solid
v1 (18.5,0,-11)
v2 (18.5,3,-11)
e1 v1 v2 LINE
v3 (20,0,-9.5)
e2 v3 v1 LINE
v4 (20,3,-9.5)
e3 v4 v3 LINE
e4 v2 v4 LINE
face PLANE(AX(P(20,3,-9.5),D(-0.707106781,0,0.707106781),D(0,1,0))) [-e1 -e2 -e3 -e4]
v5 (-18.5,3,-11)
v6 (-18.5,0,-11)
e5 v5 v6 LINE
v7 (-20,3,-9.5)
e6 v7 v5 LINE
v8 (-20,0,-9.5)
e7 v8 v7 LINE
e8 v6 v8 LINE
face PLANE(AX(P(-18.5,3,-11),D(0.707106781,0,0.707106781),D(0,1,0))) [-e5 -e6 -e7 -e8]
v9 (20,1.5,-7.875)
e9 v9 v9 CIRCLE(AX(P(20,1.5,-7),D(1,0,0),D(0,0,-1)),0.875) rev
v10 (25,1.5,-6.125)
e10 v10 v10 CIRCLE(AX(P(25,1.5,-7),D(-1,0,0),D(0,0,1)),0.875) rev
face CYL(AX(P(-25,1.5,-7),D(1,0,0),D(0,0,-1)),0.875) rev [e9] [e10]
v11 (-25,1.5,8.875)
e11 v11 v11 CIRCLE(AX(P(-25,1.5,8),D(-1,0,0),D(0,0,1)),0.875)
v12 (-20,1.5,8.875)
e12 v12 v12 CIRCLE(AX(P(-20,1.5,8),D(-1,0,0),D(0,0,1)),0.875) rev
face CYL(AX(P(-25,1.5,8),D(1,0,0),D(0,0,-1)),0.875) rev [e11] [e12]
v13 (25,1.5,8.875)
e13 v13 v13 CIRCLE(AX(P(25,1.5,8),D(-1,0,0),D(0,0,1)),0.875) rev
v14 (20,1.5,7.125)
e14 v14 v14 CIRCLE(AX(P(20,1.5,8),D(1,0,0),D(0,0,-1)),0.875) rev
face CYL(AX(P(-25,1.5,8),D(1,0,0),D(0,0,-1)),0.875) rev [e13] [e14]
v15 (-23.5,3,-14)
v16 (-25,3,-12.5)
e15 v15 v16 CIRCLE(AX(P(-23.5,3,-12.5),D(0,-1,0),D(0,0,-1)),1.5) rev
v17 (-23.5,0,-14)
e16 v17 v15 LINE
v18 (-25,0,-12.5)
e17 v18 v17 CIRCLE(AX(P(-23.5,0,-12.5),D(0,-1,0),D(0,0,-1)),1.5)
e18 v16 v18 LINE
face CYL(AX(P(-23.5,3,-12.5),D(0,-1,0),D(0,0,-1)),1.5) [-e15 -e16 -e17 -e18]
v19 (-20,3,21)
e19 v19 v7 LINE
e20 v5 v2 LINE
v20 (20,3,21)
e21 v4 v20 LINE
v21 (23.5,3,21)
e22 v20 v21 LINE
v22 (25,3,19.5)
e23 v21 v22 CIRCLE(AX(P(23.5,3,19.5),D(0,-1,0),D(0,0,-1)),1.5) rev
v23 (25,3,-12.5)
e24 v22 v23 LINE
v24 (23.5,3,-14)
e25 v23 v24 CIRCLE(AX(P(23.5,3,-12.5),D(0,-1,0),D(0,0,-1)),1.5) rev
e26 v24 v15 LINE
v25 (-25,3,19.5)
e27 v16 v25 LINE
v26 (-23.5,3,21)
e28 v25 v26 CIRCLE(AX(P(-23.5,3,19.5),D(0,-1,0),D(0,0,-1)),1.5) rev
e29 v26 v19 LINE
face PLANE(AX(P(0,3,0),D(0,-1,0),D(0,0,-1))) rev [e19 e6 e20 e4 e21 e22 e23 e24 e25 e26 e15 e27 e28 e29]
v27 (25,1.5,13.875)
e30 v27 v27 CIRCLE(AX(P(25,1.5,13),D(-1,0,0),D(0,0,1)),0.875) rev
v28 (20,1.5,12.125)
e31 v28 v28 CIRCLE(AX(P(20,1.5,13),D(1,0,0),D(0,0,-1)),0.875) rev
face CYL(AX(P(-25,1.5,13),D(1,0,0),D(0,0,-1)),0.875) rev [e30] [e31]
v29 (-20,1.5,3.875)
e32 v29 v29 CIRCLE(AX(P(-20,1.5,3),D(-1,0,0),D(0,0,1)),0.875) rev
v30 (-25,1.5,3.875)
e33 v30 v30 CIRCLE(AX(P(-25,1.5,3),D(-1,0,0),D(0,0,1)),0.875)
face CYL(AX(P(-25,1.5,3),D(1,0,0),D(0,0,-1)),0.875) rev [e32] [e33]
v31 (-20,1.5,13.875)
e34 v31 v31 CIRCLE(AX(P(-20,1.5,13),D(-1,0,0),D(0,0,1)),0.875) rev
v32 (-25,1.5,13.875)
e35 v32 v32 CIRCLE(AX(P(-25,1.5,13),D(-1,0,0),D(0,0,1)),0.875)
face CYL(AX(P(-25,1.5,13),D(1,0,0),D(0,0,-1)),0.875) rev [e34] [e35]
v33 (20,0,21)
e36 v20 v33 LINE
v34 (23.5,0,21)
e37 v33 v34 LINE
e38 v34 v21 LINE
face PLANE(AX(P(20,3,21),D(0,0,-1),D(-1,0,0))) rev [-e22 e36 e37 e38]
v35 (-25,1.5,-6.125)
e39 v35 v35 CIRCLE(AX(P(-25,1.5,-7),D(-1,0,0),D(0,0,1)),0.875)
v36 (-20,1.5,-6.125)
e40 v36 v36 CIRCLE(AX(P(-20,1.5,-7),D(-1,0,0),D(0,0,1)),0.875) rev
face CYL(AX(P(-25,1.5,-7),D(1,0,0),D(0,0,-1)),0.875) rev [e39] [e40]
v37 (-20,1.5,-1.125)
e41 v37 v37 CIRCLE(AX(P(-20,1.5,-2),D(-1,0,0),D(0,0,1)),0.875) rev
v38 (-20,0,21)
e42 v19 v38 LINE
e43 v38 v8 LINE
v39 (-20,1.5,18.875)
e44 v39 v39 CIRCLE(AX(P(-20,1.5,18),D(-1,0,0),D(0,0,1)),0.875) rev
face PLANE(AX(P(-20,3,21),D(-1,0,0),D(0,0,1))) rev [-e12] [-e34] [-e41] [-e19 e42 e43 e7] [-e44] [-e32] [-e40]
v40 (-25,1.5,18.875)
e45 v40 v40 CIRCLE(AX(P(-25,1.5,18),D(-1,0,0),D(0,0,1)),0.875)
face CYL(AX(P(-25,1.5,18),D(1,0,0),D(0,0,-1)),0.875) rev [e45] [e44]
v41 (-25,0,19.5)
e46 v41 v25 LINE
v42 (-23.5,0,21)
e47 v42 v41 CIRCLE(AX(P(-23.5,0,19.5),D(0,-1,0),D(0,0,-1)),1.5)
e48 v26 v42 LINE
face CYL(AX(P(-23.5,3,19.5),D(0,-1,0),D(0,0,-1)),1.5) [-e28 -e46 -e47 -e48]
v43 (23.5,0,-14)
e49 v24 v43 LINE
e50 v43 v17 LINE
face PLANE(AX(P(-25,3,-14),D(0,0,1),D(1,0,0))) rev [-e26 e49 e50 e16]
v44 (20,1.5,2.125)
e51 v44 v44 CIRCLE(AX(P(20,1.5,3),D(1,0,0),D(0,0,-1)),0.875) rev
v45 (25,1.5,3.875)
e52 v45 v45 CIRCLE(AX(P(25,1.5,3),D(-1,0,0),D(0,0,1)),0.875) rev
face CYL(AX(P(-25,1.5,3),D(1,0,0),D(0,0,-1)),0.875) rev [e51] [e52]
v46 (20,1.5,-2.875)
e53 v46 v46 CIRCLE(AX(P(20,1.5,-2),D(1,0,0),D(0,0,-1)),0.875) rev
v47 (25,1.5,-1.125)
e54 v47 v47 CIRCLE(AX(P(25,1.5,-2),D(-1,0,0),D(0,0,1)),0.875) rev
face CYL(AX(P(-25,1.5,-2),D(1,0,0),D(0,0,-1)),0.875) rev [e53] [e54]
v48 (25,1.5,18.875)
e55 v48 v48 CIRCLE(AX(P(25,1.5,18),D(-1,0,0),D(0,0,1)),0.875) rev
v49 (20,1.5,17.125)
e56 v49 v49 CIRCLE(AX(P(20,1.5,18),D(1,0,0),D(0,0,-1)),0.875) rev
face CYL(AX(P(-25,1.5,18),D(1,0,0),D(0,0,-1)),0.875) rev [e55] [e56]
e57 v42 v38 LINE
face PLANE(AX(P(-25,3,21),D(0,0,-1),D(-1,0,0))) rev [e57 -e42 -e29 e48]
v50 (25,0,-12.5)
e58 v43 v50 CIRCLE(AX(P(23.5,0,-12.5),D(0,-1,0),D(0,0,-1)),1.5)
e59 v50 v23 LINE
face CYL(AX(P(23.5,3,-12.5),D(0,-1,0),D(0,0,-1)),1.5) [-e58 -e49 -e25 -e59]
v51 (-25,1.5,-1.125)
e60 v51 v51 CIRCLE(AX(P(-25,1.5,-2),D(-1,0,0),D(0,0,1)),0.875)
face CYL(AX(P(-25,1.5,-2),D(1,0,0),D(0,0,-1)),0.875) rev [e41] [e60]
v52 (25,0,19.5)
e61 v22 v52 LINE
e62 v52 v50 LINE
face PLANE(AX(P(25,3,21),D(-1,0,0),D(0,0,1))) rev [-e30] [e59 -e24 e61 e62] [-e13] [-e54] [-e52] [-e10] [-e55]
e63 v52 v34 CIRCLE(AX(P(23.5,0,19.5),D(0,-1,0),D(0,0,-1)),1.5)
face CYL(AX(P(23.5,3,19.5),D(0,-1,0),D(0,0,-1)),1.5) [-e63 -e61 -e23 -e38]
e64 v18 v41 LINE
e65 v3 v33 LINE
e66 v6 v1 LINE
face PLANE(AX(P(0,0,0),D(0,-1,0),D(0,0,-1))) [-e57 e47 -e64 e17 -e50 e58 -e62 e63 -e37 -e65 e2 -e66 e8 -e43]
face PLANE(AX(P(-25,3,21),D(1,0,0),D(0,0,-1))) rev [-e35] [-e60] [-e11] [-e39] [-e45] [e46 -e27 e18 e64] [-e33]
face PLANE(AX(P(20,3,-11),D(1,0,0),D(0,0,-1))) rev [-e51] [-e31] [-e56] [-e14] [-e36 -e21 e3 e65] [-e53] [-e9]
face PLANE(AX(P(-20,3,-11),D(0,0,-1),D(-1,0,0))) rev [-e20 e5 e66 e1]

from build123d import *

# Parameters (mm, degrees)
BOSS_EXTRUDE1_DEPTH     = 3
SKETCH2_R               = 0.875
CUT_EXTRUDE1_DEPTH      = 51
CUT_EXTRUDE1_DEPTH_BACK = 3
FILLET2_R               = 1.5
CHAMFER1_SIZE           = 1.5


with BuildPart() as part:
    # Sketch1 → Boss-Extrude1 (new body)
    with BuildSketch(Plane(origin=(0, 0, 0), x_dir=(1, 0, 0), z_dir=(0, 1, 0))):
        Polygon((-25, -21), (-20, -21), (-20, 11), (20, 11), (20, -21), (25, -21), (25, 14), (-25, 14), align=None)
    extrude(amount=BOSS_EXTRUDE1_DEPTH)

    # Sketch2 → Cut-Extrude1 (cut, two sides)
    with BuildSketch(Plane.ZY.offset(-25)) as cut_extrude1_sk:
        with Locations((18, 1.5)):
            Circle(SKETCH2_R)
        with Locations((13, 1.5)):
            Circle(SKETCH2_R)
        with Locations((8, 1.5)):
            Circle(SKETCH2_R)
        with Locations((3, 1.5)):
            Circle(SKETCH2_R)
        with Locations((-2, 1.5)):
            Circle(SKETCH2_R)
        with Locations((-7, 1.5)):
            Circle(SKETCH2_R)
    extrude(amount=CUT_EXTRUDE1_DEPTH, mode=Mode.SUBTRACT)
    extrude(cut_extrude1_sk.sketch, amount=-CUT_EXTRUDE1_DEPTH_BACK, mode=Mode.SUBTRACT)

    # Fillet2
    fillet2_edges = [part.edges().sort_by_distance(p)[0] for p in [
        (25, 1.5, 21),
        (-25, 1.5, 21),
        (-25, 1.5, -14),
        (25, 1.5, -14),
    ]]
    fillet(fillet2_edges, radius=FILLET2_R)

    # Chamfer1
    chamfer1_edges = [part.edges().sort_by_distance(p)[0] for p in [
        (20, 1.5, -11),
        (-20, 1.5, -11),
    ]]
    chamfer(chamfer1_edges, length=CHAMFER1_SIZE)


solid = part.part
